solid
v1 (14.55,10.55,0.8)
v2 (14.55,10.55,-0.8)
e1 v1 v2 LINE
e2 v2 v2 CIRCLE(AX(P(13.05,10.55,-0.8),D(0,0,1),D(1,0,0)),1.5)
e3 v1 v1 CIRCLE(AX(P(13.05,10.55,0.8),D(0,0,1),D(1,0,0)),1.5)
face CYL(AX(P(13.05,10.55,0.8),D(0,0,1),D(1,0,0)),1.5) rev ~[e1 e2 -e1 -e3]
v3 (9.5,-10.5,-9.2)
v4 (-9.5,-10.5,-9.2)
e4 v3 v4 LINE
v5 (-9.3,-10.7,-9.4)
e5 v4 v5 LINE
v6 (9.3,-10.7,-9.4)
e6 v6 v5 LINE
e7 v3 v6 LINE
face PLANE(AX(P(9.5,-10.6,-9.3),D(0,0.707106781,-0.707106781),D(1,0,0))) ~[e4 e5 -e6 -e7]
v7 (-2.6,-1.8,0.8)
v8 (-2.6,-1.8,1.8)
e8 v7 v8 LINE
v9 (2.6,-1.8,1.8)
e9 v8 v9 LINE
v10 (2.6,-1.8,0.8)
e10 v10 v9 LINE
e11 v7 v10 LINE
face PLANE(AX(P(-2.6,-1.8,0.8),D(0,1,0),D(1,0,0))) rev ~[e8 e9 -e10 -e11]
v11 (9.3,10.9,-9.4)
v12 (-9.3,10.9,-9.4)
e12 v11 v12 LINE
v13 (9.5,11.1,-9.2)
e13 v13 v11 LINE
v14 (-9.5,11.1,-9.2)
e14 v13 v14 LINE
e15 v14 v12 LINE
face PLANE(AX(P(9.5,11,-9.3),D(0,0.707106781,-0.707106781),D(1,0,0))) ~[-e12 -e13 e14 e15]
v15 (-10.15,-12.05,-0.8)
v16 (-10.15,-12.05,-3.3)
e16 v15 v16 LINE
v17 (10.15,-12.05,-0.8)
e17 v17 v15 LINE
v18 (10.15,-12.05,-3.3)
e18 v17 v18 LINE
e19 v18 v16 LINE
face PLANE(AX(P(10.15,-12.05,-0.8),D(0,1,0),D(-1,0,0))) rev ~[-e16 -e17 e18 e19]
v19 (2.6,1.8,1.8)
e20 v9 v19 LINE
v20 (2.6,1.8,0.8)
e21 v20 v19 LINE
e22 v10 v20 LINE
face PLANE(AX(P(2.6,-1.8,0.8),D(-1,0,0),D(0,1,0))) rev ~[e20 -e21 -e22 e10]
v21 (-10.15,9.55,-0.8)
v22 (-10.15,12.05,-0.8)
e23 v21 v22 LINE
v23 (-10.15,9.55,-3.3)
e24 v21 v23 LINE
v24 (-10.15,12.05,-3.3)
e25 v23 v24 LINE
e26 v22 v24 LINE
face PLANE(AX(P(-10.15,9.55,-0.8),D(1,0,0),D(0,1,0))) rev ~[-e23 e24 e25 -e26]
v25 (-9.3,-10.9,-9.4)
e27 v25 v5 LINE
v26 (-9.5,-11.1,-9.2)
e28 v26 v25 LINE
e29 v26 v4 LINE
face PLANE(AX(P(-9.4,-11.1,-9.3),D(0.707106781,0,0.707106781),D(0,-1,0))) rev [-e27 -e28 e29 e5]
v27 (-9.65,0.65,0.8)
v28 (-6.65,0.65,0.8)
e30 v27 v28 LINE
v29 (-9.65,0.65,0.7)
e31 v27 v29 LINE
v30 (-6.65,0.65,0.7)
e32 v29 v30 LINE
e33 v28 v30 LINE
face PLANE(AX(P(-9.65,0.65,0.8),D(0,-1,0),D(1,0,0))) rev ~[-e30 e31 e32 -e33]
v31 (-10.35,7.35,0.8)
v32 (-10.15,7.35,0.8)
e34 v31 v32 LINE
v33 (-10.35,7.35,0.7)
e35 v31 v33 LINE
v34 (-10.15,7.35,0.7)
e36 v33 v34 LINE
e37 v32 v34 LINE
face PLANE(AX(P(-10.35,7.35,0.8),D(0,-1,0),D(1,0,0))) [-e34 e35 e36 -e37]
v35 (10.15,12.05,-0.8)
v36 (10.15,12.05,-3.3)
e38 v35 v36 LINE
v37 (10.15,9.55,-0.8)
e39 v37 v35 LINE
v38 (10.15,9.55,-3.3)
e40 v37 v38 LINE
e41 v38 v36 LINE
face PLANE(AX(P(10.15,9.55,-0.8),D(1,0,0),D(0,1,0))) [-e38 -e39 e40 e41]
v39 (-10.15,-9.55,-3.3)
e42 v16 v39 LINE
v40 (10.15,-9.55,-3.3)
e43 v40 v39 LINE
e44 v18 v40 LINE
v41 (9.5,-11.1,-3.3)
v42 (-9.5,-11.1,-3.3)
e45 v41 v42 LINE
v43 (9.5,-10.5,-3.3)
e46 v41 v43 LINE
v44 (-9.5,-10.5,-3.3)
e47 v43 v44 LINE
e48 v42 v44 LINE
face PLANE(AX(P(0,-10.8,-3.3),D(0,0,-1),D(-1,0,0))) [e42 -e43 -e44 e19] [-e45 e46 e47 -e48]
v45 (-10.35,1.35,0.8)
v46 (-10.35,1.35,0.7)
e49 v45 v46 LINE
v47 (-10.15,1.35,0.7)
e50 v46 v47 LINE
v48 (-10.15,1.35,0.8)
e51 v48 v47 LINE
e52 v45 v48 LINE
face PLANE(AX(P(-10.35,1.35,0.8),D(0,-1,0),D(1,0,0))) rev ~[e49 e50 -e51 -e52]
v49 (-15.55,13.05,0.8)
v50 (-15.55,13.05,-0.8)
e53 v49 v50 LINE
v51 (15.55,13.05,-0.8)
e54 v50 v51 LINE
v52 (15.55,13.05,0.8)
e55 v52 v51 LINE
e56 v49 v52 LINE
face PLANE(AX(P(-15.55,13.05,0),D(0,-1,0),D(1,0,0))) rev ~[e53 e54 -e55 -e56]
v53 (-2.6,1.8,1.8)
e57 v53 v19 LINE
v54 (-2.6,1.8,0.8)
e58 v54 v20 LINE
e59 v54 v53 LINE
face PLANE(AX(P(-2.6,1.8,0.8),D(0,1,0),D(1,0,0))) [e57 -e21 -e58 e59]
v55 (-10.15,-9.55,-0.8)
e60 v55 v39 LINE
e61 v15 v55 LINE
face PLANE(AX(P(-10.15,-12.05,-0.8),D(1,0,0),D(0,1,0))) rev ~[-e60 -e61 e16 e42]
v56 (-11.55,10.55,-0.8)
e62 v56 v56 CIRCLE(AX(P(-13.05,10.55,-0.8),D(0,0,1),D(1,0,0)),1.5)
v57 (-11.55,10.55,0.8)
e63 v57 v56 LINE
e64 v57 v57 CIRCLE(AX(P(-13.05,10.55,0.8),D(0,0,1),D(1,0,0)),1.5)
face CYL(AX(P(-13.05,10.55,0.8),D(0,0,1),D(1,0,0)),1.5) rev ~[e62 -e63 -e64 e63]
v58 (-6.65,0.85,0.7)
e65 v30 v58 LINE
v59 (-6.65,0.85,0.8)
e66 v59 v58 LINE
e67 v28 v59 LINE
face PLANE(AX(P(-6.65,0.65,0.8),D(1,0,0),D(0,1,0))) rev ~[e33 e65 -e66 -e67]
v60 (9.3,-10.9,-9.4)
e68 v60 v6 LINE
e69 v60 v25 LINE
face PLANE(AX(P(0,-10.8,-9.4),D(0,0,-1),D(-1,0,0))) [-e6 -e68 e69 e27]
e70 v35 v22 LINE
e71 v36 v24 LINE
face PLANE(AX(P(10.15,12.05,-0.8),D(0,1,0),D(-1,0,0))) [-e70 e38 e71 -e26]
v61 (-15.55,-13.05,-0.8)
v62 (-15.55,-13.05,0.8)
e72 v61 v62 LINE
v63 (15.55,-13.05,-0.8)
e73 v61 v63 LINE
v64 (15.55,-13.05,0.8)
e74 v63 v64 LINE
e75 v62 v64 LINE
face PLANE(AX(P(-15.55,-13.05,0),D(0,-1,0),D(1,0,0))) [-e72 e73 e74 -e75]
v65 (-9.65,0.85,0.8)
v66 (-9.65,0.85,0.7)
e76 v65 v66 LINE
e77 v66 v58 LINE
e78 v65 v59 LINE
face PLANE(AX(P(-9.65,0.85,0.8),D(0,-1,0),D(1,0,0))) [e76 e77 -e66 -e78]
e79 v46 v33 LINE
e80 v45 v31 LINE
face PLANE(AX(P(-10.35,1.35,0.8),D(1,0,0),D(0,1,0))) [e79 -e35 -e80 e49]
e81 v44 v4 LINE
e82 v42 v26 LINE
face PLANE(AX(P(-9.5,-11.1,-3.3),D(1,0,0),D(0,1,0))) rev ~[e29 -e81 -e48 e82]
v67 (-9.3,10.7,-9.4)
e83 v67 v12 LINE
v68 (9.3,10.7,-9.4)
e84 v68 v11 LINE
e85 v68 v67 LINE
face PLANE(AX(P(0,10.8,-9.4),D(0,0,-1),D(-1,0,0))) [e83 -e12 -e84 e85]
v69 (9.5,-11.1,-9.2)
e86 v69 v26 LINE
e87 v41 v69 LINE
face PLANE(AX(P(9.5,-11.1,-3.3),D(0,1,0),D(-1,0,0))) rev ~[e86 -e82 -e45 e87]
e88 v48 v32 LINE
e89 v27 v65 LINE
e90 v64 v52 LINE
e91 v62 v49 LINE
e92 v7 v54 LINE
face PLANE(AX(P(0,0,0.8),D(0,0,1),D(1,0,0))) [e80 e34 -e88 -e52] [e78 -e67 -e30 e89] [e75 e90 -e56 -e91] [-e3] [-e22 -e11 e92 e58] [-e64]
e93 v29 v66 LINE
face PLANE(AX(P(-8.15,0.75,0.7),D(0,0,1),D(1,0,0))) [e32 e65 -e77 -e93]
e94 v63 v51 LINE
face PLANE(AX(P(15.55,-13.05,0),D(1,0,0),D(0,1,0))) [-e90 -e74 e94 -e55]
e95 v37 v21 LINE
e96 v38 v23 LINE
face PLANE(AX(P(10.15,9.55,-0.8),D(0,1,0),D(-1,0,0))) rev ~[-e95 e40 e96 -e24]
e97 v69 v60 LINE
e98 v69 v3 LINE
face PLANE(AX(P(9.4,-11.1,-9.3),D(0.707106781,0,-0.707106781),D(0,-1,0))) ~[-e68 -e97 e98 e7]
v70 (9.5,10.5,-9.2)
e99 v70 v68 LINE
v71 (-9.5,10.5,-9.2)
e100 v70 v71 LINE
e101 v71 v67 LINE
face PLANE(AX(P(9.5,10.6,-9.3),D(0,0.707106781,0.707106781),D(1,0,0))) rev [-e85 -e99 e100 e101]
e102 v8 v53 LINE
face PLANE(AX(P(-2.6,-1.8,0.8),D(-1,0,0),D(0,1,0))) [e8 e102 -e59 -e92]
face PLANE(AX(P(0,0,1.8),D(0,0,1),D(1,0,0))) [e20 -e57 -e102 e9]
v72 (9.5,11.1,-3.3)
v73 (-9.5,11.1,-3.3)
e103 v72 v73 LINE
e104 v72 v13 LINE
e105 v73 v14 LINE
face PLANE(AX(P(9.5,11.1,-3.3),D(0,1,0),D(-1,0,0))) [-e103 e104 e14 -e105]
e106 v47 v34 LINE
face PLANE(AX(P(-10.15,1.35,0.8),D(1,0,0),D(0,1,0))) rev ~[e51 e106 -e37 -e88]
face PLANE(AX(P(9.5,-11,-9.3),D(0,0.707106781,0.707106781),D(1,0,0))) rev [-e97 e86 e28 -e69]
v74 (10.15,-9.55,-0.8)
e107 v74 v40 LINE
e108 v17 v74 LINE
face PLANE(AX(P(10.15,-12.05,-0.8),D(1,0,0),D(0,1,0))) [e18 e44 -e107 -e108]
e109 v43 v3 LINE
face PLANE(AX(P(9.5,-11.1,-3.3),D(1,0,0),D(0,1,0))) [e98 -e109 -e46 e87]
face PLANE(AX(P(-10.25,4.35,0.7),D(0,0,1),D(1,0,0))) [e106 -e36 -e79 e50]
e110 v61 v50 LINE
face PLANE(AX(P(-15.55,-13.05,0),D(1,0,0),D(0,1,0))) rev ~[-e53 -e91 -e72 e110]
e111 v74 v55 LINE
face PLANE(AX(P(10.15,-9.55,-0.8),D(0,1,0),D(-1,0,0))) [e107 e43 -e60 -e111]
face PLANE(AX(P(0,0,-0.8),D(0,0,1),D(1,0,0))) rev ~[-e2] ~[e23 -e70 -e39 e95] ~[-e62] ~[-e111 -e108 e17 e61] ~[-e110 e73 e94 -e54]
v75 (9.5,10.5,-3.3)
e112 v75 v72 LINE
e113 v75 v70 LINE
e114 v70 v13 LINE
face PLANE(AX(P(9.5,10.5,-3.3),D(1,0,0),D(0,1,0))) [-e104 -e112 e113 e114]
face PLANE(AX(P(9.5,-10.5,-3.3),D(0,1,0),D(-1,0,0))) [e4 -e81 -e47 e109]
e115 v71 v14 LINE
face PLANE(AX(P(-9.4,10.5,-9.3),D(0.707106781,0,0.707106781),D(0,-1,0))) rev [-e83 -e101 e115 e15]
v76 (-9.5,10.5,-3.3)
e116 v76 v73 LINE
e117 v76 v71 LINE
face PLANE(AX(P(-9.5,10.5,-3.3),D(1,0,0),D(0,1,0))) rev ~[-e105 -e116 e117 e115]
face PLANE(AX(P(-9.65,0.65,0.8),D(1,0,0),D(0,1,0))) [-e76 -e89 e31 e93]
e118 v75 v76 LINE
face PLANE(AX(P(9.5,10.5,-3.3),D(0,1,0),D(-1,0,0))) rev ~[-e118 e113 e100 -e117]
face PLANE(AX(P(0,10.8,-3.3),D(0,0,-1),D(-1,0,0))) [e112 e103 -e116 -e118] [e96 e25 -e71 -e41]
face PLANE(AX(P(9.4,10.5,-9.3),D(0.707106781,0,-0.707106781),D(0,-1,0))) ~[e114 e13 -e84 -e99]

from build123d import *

# Parameters (mm, degrees)
SKETCH1_W           = 31.1
SKETCH1_H           = 26.1
BOSS_EXTRUDE1_DEPTH = 0.8
SKETCH2_W           = 20.3
SKETCH2_H           = 2.5
BOSS_EXTRUDE2_DEPTH = 2.5
SKETCH3_W           = 19
SKETCH3_H           = 0.6
BOSS_EXTRUDE3_DEPTH = 6.1
CHAMFER1_SIZE       = 0.2
SKETCH4_W           = 5.2
SKETCH4_H           = 3.6
BOSS_EXTRUDE4_DEPTH = 1
SKETCH5_W           = 0.2
SKETCH5_H           = 6
SKETCH5_W_2         = 3
SKETCH5_H_2         = 0.2
CUT_EXTRUDE1_DEPTH  = 0.1
SKETCH6_R           = 1.5
CUT_EXTRUDE2_DEPTH  = 23.718824794


with BuildPart() as part:
    # Sketch1 → Boss-Extrude1 (new, symmetric)
    with BuildSketch(Plane.XY):
        Rectangle(SKETCH1_W, SKETCH1_H)
    extrude(amount=BOSS_EXTRUDE1_DEPTH, both=True)

    # Sketch2 → Boss-Extrude2 (add)
    with BuildSketch(Plane(origin=(0, 0, -0.8), x_dir=(-1, 0, 0), z_dir=(0, 0, -1))):
        with Locations((0, -10.8)):
            Rectangle(SKETCH2_W, SKETCH2_H)
        with Locations((0, 10.8)):
            Rectangle(SKETCH2_W, SKETCH2_H)
    extrude(amount=BOSS_EXTRUDE2_DEPTH)

    # Sketch3 → Boss-Extrude3 (add)
    with BuildSketch(Plane(origin=(0, 0, -3.3), x_dir=(-1, 0, 0), z_dir=(0, 0, -1))):
        with Locations((0, 10.8)):
            Rectangle(SKETCH3_W, SKETCH3_H)
        with Locations((0, -10.8)):
            Rectangle(SKETCH3_W, SKETCH3_H)
    extrude(amount=BOSS_EXTRUDE3_DEPTH)

    # Chamfer1
    chamfer1_edges = [part.edges().sort_by_distance(p)[0] for p in [
        (9.5, 10.8, -9.4),
        (0, 10.5, -9.4),
        (-9.5, 10.8, -9.4),
        (0, 11.1, -9.4),
        (0, -11.1, -9.4),
        (-9.5, -10.8, -9.4),
        (0, -10.5, -9.4),
        (9.5, -10.8, -9.4),
    ]]
    chamfer(chamfer1_edges, length=CHAMFER1_SIZE)

    # Sketch4 → Boss-Extrude4 (add)
    with BuildSketch(Plane.XY.offset(0.8)):
        Rectangle(SKETCH4_W, SKETCH4_H)
    extrude(amount=BOSS_EXTRUDE4_DEPTH)

    # Sketch5 → Cut-Extrude1 (cut)
    with BuildSketch(Plane.XY.offset(0.8)):
        with Locations((-10.25, 4.35)):
            Rectangle(SKETCH5_W, SKETCH5_H)
        with Locations((-8.15, 0.75)):
            Rectangle(SKETCH5_W_2, SKETCH5_H_2)
    extrude(amount=-CUT_EXTRUDE1_DEPTH, mode=Mode.SUBTRACT)

    # Sketch6 → Cut-Extrude2 (cut, through all)
    with BuildSketch(Plane.XY.offset(0.8)):
        with Locations((-13.05, 10.55)):
            Circle(SKETCH6_R)
        with Locations((13.05, 10.55)):
            Circle(SKETCH6_R)
    extrude(amount=-CUT_EXTRUDE2_DEPTH, mode=Mode.SUBTRACT)


solid = part.part
